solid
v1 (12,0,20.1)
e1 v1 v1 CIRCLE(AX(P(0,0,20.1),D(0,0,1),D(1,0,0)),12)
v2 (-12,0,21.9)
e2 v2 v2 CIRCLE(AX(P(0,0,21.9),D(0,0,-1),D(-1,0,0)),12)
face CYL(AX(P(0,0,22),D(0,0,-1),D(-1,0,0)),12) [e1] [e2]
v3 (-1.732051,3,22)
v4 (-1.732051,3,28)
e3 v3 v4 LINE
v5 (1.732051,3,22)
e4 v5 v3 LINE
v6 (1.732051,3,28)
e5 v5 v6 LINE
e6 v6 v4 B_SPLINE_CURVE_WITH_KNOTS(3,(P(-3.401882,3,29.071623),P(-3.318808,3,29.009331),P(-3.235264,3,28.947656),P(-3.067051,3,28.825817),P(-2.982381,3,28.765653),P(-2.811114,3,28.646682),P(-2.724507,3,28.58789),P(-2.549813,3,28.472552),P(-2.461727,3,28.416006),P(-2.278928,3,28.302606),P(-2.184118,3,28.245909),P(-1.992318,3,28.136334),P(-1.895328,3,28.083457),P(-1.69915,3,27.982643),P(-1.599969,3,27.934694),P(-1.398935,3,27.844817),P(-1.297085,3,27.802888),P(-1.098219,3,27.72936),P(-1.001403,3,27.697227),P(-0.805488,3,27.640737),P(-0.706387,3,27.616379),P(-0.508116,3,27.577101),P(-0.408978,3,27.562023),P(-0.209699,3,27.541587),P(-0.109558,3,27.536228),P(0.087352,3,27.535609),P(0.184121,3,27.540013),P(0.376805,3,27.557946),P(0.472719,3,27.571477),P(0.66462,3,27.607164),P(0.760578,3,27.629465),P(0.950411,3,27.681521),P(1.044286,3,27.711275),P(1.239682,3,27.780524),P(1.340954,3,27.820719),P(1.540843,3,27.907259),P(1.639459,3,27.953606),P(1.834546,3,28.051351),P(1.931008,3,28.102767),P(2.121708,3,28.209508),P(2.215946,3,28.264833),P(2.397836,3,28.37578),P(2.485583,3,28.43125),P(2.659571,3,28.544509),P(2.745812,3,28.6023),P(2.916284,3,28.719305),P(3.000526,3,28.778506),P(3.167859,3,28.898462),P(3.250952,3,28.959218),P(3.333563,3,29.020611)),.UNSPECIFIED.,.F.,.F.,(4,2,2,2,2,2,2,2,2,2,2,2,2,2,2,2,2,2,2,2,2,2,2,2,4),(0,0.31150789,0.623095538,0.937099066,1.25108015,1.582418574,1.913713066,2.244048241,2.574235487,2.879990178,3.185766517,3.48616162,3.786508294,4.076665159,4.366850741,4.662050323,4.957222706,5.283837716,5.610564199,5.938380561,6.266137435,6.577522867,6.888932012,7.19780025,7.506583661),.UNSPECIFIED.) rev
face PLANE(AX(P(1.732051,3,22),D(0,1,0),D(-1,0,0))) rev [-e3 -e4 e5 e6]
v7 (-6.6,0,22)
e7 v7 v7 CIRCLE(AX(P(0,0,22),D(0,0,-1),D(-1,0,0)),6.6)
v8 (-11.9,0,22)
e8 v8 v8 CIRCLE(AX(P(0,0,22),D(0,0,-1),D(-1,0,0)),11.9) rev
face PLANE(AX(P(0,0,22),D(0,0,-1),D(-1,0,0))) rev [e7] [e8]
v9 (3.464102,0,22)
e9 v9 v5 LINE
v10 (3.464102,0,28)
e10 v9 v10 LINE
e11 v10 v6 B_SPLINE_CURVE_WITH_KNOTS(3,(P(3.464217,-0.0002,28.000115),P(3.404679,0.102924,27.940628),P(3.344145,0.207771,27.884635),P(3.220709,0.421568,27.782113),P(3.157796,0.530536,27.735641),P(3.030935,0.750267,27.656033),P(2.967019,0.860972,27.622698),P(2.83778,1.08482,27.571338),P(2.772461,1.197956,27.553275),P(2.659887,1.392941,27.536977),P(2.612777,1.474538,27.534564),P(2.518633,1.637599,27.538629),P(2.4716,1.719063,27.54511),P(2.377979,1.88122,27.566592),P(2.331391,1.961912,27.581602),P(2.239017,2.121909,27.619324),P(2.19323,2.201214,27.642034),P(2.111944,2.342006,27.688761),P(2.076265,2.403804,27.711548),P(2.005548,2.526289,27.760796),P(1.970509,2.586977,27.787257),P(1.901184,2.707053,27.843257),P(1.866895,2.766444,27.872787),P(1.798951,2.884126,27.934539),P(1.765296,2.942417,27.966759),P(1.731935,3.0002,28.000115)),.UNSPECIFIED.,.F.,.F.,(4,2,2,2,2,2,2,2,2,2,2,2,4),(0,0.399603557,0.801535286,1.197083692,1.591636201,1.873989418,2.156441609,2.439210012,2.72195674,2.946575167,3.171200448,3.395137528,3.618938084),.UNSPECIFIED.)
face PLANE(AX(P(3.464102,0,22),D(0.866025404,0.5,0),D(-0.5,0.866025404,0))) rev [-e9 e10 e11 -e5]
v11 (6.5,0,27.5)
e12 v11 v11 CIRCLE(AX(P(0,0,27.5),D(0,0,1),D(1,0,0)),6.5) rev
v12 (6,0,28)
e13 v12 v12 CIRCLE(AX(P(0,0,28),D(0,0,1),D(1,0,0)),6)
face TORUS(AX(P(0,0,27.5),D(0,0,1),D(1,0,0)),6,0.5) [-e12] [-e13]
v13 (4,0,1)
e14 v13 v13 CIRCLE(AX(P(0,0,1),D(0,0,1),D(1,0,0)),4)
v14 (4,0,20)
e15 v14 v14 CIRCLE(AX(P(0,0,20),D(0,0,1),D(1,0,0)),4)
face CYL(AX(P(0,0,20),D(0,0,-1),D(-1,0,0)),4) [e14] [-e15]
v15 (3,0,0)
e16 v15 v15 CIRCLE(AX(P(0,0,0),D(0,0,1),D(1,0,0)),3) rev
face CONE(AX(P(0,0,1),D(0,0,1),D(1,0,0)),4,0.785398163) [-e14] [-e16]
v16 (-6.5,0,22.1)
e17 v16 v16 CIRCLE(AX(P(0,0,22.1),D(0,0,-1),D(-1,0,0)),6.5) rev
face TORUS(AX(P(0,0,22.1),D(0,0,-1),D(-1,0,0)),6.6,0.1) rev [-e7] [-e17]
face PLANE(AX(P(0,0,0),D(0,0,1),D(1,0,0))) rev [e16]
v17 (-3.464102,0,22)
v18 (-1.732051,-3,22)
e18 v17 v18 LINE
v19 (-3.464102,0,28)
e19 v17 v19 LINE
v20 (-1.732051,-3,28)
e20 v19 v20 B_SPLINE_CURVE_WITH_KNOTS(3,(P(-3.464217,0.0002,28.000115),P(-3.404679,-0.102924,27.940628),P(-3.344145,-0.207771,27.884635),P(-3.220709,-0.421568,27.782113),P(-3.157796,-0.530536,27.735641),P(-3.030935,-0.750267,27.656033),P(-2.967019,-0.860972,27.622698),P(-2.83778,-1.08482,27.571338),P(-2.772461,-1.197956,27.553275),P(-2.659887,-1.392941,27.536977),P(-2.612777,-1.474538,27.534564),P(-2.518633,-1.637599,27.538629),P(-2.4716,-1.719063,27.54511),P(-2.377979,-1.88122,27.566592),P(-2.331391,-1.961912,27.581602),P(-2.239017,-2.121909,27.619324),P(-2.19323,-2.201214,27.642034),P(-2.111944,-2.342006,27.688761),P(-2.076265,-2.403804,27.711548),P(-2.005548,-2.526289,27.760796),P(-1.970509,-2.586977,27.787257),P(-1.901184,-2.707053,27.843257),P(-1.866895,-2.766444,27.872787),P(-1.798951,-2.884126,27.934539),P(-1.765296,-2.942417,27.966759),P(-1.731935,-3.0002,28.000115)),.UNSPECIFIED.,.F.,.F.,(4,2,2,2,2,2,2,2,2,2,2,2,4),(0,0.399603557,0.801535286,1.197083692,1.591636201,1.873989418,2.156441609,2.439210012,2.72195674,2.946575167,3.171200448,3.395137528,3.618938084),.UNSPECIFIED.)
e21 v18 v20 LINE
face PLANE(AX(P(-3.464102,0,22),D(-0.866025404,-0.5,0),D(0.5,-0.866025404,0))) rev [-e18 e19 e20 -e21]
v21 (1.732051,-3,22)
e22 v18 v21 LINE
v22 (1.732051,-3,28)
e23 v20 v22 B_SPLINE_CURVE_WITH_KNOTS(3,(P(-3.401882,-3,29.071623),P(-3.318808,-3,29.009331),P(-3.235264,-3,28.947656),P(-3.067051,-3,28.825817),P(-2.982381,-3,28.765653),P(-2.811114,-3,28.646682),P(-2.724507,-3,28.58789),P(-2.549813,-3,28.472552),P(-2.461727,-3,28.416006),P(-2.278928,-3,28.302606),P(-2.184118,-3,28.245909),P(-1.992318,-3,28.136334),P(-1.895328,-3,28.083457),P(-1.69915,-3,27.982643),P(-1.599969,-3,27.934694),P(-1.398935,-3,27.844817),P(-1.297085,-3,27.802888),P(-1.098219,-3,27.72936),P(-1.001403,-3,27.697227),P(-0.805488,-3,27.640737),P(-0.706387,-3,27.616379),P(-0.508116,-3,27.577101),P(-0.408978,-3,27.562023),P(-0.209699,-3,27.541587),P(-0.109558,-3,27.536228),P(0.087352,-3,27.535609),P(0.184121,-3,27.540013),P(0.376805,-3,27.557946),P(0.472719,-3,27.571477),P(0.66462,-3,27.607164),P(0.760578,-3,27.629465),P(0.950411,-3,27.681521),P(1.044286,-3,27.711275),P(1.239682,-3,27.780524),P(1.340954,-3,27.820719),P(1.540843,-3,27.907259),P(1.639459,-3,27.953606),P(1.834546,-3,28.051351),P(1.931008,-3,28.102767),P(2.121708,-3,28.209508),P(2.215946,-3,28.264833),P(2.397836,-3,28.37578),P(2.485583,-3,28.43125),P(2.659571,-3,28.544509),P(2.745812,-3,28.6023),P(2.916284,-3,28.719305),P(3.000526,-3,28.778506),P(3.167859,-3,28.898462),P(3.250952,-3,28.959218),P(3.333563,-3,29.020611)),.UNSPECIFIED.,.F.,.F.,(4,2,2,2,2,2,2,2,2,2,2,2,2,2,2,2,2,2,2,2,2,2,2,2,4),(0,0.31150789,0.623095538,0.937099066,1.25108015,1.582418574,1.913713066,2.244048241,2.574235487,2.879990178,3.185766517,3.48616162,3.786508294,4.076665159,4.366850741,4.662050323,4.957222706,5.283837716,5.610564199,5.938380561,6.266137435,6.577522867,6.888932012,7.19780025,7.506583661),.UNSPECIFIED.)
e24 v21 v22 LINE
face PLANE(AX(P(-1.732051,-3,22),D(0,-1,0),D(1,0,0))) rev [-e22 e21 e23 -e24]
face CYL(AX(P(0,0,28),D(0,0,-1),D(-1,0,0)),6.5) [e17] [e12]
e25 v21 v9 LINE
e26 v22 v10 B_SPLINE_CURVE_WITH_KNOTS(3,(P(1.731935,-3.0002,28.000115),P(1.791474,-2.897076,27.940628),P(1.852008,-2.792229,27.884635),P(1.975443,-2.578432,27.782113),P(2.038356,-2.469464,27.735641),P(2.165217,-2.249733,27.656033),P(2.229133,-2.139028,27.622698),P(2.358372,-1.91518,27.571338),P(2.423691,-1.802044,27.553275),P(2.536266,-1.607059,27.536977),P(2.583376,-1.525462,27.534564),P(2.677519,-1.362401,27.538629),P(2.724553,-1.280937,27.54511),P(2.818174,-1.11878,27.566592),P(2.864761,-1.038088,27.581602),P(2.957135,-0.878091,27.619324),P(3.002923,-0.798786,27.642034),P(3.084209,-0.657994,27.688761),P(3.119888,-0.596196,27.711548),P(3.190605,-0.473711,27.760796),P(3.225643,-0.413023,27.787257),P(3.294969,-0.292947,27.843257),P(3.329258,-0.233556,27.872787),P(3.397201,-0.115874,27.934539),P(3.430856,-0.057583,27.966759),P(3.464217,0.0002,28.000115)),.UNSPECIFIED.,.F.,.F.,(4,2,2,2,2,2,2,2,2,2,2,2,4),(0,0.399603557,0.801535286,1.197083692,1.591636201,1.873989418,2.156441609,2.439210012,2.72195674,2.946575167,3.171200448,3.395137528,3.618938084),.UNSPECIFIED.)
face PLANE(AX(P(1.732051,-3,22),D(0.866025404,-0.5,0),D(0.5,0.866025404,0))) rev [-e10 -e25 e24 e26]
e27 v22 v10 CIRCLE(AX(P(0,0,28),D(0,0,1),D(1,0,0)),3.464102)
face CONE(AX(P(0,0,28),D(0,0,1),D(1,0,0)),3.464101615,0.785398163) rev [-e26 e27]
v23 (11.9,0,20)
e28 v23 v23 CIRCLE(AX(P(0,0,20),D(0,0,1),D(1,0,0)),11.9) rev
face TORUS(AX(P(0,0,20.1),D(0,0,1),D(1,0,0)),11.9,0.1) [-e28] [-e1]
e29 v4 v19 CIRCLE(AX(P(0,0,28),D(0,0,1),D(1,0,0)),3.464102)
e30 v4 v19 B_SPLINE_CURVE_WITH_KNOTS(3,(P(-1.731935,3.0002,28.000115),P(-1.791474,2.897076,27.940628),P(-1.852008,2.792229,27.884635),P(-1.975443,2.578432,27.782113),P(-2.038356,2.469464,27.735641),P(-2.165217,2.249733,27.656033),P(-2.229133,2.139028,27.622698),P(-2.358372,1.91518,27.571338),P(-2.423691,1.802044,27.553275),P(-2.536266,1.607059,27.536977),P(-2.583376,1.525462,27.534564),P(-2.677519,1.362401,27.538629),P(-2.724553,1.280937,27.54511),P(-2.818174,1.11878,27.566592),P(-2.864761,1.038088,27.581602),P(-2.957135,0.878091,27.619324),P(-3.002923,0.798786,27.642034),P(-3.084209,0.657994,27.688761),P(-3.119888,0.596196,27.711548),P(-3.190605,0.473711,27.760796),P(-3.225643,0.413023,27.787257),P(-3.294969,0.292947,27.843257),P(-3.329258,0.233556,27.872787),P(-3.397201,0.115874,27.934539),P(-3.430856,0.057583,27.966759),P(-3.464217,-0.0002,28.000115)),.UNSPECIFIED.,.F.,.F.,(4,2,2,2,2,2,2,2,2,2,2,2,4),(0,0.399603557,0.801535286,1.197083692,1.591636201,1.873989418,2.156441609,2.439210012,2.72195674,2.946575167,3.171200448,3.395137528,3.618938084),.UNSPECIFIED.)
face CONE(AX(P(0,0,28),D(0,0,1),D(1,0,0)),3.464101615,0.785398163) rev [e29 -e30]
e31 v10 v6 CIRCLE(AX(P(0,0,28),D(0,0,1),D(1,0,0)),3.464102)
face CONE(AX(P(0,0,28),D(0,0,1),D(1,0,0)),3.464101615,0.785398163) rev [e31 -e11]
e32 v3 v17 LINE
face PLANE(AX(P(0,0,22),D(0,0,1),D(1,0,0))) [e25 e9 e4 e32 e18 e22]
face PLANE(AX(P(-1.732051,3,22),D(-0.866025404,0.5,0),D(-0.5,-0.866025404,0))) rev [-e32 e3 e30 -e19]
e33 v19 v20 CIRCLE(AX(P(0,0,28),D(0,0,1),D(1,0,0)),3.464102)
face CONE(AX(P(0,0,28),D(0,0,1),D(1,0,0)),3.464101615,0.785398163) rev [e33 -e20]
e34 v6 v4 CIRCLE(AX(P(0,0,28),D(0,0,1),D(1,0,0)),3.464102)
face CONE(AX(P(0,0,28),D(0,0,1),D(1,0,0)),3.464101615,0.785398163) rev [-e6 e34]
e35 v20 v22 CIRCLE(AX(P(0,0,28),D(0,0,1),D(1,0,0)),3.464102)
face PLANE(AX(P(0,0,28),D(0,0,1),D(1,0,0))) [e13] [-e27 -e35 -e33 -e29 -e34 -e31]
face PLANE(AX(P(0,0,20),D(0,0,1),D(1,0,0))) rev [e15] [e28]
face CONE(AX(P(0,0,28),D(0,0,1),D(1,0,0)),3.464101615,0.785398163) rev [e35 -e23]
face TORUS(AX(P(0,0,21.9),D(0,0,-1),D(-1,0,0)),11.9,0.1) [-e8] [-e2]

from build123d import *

# Parameters (mm, degrees)
SCHIZZO1_R                   = 4
ESTRUSIONE_ESTRUSIONE1_DEPTH = 20
SMUSSO1_SIZE                 = 1
SCHIZZO6_R                   = 6.5
ESTRUSIONE_ESTRUSIONE3_DEPTH = 8
TAGLIO_ESTRUSIONE3_DEPTH     = 6
SCHIZZO8_R                   = 3.464101615
TAGLIO_ESTRUSIONE4_DEPTH     = 1
TAGLIO_ESTRUSIONE4_TAPER     = 45
RACCORDO1_R                  = 0.5
SCHIZZO9_R                   = 12
SCHIZZO9_R_2                 = 6.5
ESTRUSIONE_ESTRUSIONE4_DEPTH = 2
RACCORDO2_R                  = 0.1


with BuildPart() as part:
    # Schizzo1 → Estrusione-Estrusione1 (new body)
    with BuildSketch(Plane.XY):
        Circle(SCHIZZO1_R)
    extrude(amount=ESTRUSIONE_ESTRUSIONE1_DEPTH)

    # Smusso1
    smusso1_edges = [part.edges().sort_by_distance(p)[0] for p in [
        (-4, 0, 0),
    ]]
    chamfer(smusso1_edges, length=SMUSSO1_SIZE)

    # Schizzo6 → Estrusione-Estrusione3 (add)
    with BuildSketch(Plane.XY.offset(20)):
        Circle(SCHIZZO6_R)
    extrude(amount=ESTRUSIONE_ESTRUSIONE3_DEPTH)

    # Schizzo7 → Taglio-Estrusione3 (cut)
    with BuildSketch(Plane.XY.offset(28)):
        Polygon((1.732050808, 3), (-1.732050808, 3), (-3.464101615, 0), (-1.732050808, -3), (1.732050808, -3), (3.464101615, 0), align=None)
    extrude(amount=-TAGLIO_ESTRUSIONE3_DEPTH, mode=Mode.SUBTRACT)

    # Schizzo8 → Taglio-Estrusione4 (cut)
    with BuildSketch(Plane.XY.offset(28)):
        Circle(SCHIZZO8_R)
    extrude(amount=-TAGLIO_ESTRUSIONE4_DEPTH, taper=TAGLIO_ESTRUSIONE4_TAPER, mode=Mode.SUBTRACT)

    # Raccordo1
    raccordo1_edges = [part.edges().sort_by_distance(p)[0] for p in [
        (-6.5, 0, 28),
    ]]
    fillet(raccordo1_edges, radius=RACCORDO1_R)

    # Schizzo9 → Estrusione-Estrusione4 (add)
    with BuildSketch(Plane(origin=(0, 0, 20), x_dir=(-1, 0, 0), z_dir=(0, 0, -1))):
        Circle(SCHIZZO9_R)
        Circle(SCHIZZO9_R_2, mode=Mode.SUBTRACT)
    extrude(amount=-ESTRUSIONE_ESTRUSIONE4_DEPTH)

    # Raccordo2
    raccordo2_edges = [part.edges().sort_by_distance(p)[0] for p in [
        (-6.5, 0, 22),
        (12, 0, 22),
        (12, 0, 20),
    ]]
    fillet(raccordo2_edges, radius=RACCORDO2_R)


solid = part.part
